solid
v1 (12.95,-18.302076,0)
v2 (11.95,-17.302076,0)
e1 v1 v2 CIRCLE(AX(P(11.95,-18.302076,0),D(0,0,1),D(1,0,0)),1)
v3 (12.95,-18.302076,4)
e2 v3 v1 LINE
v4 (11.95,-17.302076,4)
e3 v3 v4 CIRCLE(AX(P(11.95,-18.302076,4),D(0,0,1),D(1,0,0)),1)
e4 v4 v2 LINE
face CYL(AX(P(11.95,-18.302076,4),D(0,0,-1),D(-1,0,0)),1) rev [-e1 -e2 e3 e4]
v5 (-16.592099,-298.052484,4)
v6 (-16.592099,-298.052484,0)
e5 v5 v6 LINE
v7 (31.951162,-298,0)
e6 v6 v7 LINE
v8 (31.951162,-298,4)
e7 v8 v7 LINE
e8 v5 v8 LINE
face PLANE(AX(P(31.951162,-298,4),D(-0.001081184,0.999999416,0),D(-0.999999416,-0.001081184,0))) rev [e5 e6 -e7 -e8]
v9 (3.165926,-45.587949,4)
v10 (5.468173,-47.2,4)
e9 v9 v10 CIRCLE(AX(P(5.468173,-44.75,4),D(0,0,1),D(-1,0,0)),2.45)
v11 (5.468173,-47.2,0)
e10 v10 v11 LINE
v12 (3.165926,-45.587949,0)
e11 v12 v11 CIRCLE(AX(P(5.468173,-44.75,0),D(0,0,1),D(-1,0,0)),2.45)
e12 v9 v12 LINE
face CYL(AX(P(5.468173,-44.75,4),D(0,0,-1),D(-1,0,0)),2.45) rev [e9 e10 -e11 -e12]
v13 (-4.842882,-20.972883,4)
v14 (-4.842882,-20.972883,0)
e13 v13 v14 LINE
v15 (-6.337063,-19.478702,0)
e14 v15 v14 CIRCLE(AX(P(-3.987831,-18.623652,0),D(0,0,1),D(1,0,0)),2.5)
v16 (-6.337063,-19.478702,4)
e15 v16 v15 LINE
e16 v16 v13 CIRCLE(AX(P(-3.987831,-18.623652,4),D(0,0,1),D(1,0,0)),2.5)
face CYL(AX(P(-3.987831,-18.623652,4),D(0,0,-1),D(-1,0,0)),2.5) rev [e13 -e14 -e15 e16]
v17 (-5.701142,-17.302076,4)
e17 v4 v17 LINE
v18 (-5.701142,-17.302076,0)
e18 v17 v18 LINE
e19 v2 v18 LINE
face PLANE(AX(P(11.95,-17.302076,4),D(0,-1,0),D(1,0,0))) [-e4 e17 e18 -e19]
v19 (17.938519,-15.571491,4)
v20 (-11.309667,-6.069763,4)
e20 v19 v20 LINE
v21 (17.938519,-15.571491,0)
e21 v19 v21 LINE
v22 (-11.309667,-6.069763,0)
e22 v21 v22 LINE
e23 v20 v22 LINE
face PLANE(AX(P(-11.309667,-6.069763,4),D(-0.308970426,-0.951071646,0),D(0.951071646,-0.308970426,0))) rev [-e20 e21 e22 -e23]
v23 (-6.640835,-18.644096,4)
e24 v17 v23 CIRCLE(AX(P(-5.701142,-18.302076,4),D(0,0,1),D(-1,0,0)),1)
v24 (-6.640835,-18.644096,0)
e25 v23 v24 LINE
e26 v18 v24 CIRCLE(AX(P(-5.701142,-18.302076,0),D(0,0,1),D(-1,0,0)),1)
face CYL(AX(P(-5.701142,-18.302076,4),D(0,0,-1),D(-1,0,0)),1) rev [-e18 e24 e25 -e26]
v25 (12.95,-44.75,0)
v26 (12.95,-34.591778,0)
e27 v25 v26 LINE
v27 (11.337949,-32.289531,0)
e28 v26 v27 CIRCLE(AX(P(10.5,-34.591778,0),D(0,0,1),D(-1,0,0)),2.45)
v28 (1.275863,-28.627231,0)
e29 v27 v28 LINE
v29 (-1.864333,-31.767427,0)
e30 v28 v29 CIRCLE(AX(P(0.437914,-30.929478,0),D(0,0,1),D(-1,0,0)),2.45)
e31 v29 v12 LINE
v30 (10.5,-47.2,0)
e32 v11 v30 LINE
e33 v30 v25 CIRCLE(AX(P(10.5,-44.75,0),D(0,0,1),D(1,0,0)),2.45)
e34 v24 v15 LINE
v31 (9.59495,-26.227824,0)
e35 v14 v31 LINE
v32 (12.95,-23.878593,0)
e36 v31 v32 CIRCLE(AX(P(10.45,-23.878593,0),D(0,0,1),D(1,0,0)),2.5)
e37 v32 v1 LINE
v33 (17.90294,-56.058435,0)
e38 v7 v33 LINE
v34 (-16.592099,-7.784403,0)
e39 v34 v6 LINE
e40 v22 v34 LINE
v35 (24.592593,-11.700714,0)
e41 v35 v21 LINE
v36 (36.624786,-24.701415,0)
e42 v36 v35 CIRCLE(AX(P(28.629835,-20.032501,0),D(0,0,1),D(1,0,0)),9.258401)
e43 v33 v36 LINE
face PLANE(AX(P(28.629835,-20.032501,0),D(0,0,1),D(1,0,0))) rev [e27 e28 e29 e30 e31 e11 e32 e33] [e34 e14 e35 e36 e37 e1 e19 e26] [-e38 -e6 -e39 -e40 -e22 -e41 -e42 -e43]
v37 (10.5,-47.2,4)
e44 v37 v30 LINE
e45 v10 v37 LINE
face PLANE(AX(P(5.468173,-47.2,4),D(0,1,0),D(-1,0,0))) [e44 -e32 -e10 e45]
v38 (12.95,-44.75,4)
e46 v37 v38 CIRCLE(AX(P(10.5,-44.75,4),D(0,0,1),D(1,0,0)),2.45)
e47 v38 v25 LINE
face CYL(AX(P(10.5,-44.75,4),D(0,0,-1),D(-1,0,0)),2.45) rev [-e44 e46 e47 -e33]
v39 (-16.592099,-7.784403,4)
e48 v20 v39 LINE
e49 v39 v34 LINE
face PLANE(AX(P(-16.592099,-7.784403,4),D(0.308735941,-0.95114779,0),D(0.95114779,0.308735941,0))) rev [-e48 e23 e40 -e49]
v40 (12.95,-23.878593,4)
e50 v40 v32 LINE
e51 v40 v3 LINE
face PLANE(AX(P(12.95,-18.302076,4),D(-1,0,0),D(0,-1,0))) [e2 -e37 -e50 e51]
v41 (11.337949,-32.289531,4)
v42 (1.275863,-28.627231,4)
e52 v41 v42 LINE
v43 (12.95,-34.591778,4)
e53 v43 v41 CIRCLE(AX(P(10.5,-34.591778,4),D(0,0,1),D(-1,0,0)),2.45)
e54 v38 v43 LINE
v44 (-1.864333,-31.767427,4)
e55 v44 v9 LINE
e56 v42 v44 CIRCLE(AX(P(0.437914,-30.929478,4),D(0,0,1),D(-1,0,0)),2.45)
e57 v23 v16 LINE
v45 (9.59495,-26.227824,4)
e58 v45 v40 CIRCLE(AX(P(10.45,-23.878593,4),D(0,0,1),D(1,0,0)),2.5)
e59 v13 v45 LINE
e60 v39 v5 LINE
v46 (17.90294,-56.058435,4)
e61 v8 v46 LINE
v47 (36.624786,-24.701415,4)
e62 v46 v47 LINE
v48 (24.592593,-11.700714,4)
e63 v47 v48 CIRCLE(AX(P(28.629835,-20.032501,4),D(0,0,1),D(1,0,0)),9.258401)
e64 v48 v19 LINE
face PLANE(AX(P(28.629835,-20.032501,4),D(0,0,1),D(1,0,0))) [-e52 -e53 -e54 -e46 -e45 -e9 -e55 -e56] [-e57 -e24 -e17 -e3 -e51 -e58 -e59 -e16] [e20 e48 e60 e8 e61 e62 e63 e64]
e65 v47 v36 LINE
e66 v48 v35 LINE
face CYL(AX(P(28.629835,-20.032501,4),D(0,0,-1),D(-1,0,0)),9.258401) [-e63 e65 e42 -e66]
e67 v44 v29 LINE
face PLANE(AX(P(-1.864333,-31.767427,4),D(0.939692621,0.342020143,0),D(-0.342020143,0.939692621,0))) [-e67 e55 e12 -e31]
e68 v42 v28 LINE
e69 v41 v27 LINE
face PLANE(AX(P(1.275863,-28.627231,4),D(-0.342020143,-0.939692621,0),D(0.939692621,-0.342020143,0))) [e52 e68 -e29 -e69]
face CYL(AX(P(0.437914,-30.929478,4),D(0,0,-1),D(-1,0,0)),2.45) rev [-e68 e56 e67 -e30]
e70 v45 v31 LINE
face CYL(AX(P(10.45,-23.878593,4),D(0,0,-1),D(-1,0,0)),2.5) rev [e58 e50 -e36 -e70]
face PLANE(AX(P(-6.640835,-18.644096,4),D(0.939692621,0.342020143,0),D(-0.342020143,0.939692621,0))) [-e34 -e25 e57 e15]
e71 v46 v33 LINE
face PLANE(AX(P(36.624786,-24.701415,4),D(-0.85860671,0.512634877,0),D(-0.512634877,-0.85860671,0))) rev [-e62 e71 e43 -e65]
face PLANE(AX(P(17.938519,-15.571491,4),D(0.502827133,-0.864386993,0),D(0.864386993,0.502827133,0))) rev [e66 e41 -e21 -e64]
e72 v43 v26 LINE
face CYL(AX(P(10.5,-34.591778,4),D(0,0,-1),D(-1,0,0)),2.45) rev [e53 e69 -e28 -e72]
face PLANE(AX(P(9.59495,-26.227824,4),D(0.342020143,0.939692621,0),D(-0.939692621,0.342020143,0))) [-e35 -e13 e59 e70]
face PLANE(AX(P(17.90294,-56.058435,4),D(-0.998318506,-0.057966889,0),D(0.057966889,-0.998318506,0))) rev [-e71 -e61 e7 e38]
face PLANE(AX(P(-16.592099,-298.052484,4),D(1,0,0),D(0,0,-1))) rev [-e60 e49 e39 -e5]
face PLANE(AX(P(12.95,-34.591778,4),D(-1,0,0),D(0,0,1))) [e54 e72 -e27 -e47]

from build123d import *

# Parameters (mm, degrees)
BOSS_EXTRUDE6_DEPTH = 4


with BuildPart() as part:
    # Sketch20 → Boss-Extrude6 (new body)
    with BuildSketch(Plane.XY):
        with BuildLine():
            Line((36.624785701, -24.701414589), (17.902939914, -56.058435219))
            Line((17.902939914, -56.058435219), (31.951161852, -297.999999834))
            Line((31.951161852, -297.999999834), (-16.59209867, -298.052484048))
            Line((-16.59209867, -298.052484048), (-16.59209867, -7.784403475))
            Line((-16.59209867, -7.784403475), (-11.309666824, -6.069762931))
            Line((-11.309666824, -6.069762931), (17.938518552, -15.571491158))
            Line((17.938518552, -15.571491158), (24.592593053, -11.700714256))
            ThreePointArc((24.592593053, -11.700714256), (35.424716451, -13.743814885), (36.624785701, -24.701414589))
        make_face()
        with BuildLine():
            Line((-6.6408348, -18.644095931), (-6.337063012, -19.478702059))
            ThreePointArc((-6.337063012, -19.478702059), (-5.755598413, -20.391418654), (-4.842881819, -20.972883253))
            Line((-4.842881819, -20.972883253), (9.594949642, -26.227824152))
            ThreePointArc((9.594949642, -26.227824152), (11.883941091, -25.92647271), (12.95, -23.8785926))
            Line((12.95, -23.8785926), (12.95, -18.302075788))
            ThreePointArc((12.95, -18.302075788), (12.657106781, -17.594969007), (11.95, -17.302075788))
            Line((11.95, -17.302075788), (-5.701142179, -17.302075788))
            ThreePointArc((-5.701142179, -17.302075788), (-6.520294224, -17.728499352), (-6.6408348, -18.644095931))
        make_face(mode=Mode.SUBTRACT)
        with BuildLine():
            Line((-1.8643328, -31.767427321), (3.165925841, -45.587949351))
            ThreePointArc((3.165925841, -45.587949351), (4.062910493, -46.756922509), (5.468172762, -47.2))
            Line((5.468172762, -47.2), (10.5, -47.2))
            ThreePointArc((10.5, -47.2), (12.232411614, -46.482411614), (12.95, -44.75))
            Line((12.95, -44.75), (12.95, -34.591777725))
            ThreePointArc((12.95, -34.591777725), (12.506922509, -33.186515456), (11.337949351, -32.289530804))
            Line((11.337949351, -32.289530804), (1.275863472, -28.627231049))
            ThreePointArc((1.275863472, -28.627231049), (-1.294497493, -29.197066356), (-1.8643328, -31.767427321))
        make_face(mode=Mode.SUBTRACT)
    extrude(amount=BOSS_EXTRUDE6_DEPTH)


solid = part.part
